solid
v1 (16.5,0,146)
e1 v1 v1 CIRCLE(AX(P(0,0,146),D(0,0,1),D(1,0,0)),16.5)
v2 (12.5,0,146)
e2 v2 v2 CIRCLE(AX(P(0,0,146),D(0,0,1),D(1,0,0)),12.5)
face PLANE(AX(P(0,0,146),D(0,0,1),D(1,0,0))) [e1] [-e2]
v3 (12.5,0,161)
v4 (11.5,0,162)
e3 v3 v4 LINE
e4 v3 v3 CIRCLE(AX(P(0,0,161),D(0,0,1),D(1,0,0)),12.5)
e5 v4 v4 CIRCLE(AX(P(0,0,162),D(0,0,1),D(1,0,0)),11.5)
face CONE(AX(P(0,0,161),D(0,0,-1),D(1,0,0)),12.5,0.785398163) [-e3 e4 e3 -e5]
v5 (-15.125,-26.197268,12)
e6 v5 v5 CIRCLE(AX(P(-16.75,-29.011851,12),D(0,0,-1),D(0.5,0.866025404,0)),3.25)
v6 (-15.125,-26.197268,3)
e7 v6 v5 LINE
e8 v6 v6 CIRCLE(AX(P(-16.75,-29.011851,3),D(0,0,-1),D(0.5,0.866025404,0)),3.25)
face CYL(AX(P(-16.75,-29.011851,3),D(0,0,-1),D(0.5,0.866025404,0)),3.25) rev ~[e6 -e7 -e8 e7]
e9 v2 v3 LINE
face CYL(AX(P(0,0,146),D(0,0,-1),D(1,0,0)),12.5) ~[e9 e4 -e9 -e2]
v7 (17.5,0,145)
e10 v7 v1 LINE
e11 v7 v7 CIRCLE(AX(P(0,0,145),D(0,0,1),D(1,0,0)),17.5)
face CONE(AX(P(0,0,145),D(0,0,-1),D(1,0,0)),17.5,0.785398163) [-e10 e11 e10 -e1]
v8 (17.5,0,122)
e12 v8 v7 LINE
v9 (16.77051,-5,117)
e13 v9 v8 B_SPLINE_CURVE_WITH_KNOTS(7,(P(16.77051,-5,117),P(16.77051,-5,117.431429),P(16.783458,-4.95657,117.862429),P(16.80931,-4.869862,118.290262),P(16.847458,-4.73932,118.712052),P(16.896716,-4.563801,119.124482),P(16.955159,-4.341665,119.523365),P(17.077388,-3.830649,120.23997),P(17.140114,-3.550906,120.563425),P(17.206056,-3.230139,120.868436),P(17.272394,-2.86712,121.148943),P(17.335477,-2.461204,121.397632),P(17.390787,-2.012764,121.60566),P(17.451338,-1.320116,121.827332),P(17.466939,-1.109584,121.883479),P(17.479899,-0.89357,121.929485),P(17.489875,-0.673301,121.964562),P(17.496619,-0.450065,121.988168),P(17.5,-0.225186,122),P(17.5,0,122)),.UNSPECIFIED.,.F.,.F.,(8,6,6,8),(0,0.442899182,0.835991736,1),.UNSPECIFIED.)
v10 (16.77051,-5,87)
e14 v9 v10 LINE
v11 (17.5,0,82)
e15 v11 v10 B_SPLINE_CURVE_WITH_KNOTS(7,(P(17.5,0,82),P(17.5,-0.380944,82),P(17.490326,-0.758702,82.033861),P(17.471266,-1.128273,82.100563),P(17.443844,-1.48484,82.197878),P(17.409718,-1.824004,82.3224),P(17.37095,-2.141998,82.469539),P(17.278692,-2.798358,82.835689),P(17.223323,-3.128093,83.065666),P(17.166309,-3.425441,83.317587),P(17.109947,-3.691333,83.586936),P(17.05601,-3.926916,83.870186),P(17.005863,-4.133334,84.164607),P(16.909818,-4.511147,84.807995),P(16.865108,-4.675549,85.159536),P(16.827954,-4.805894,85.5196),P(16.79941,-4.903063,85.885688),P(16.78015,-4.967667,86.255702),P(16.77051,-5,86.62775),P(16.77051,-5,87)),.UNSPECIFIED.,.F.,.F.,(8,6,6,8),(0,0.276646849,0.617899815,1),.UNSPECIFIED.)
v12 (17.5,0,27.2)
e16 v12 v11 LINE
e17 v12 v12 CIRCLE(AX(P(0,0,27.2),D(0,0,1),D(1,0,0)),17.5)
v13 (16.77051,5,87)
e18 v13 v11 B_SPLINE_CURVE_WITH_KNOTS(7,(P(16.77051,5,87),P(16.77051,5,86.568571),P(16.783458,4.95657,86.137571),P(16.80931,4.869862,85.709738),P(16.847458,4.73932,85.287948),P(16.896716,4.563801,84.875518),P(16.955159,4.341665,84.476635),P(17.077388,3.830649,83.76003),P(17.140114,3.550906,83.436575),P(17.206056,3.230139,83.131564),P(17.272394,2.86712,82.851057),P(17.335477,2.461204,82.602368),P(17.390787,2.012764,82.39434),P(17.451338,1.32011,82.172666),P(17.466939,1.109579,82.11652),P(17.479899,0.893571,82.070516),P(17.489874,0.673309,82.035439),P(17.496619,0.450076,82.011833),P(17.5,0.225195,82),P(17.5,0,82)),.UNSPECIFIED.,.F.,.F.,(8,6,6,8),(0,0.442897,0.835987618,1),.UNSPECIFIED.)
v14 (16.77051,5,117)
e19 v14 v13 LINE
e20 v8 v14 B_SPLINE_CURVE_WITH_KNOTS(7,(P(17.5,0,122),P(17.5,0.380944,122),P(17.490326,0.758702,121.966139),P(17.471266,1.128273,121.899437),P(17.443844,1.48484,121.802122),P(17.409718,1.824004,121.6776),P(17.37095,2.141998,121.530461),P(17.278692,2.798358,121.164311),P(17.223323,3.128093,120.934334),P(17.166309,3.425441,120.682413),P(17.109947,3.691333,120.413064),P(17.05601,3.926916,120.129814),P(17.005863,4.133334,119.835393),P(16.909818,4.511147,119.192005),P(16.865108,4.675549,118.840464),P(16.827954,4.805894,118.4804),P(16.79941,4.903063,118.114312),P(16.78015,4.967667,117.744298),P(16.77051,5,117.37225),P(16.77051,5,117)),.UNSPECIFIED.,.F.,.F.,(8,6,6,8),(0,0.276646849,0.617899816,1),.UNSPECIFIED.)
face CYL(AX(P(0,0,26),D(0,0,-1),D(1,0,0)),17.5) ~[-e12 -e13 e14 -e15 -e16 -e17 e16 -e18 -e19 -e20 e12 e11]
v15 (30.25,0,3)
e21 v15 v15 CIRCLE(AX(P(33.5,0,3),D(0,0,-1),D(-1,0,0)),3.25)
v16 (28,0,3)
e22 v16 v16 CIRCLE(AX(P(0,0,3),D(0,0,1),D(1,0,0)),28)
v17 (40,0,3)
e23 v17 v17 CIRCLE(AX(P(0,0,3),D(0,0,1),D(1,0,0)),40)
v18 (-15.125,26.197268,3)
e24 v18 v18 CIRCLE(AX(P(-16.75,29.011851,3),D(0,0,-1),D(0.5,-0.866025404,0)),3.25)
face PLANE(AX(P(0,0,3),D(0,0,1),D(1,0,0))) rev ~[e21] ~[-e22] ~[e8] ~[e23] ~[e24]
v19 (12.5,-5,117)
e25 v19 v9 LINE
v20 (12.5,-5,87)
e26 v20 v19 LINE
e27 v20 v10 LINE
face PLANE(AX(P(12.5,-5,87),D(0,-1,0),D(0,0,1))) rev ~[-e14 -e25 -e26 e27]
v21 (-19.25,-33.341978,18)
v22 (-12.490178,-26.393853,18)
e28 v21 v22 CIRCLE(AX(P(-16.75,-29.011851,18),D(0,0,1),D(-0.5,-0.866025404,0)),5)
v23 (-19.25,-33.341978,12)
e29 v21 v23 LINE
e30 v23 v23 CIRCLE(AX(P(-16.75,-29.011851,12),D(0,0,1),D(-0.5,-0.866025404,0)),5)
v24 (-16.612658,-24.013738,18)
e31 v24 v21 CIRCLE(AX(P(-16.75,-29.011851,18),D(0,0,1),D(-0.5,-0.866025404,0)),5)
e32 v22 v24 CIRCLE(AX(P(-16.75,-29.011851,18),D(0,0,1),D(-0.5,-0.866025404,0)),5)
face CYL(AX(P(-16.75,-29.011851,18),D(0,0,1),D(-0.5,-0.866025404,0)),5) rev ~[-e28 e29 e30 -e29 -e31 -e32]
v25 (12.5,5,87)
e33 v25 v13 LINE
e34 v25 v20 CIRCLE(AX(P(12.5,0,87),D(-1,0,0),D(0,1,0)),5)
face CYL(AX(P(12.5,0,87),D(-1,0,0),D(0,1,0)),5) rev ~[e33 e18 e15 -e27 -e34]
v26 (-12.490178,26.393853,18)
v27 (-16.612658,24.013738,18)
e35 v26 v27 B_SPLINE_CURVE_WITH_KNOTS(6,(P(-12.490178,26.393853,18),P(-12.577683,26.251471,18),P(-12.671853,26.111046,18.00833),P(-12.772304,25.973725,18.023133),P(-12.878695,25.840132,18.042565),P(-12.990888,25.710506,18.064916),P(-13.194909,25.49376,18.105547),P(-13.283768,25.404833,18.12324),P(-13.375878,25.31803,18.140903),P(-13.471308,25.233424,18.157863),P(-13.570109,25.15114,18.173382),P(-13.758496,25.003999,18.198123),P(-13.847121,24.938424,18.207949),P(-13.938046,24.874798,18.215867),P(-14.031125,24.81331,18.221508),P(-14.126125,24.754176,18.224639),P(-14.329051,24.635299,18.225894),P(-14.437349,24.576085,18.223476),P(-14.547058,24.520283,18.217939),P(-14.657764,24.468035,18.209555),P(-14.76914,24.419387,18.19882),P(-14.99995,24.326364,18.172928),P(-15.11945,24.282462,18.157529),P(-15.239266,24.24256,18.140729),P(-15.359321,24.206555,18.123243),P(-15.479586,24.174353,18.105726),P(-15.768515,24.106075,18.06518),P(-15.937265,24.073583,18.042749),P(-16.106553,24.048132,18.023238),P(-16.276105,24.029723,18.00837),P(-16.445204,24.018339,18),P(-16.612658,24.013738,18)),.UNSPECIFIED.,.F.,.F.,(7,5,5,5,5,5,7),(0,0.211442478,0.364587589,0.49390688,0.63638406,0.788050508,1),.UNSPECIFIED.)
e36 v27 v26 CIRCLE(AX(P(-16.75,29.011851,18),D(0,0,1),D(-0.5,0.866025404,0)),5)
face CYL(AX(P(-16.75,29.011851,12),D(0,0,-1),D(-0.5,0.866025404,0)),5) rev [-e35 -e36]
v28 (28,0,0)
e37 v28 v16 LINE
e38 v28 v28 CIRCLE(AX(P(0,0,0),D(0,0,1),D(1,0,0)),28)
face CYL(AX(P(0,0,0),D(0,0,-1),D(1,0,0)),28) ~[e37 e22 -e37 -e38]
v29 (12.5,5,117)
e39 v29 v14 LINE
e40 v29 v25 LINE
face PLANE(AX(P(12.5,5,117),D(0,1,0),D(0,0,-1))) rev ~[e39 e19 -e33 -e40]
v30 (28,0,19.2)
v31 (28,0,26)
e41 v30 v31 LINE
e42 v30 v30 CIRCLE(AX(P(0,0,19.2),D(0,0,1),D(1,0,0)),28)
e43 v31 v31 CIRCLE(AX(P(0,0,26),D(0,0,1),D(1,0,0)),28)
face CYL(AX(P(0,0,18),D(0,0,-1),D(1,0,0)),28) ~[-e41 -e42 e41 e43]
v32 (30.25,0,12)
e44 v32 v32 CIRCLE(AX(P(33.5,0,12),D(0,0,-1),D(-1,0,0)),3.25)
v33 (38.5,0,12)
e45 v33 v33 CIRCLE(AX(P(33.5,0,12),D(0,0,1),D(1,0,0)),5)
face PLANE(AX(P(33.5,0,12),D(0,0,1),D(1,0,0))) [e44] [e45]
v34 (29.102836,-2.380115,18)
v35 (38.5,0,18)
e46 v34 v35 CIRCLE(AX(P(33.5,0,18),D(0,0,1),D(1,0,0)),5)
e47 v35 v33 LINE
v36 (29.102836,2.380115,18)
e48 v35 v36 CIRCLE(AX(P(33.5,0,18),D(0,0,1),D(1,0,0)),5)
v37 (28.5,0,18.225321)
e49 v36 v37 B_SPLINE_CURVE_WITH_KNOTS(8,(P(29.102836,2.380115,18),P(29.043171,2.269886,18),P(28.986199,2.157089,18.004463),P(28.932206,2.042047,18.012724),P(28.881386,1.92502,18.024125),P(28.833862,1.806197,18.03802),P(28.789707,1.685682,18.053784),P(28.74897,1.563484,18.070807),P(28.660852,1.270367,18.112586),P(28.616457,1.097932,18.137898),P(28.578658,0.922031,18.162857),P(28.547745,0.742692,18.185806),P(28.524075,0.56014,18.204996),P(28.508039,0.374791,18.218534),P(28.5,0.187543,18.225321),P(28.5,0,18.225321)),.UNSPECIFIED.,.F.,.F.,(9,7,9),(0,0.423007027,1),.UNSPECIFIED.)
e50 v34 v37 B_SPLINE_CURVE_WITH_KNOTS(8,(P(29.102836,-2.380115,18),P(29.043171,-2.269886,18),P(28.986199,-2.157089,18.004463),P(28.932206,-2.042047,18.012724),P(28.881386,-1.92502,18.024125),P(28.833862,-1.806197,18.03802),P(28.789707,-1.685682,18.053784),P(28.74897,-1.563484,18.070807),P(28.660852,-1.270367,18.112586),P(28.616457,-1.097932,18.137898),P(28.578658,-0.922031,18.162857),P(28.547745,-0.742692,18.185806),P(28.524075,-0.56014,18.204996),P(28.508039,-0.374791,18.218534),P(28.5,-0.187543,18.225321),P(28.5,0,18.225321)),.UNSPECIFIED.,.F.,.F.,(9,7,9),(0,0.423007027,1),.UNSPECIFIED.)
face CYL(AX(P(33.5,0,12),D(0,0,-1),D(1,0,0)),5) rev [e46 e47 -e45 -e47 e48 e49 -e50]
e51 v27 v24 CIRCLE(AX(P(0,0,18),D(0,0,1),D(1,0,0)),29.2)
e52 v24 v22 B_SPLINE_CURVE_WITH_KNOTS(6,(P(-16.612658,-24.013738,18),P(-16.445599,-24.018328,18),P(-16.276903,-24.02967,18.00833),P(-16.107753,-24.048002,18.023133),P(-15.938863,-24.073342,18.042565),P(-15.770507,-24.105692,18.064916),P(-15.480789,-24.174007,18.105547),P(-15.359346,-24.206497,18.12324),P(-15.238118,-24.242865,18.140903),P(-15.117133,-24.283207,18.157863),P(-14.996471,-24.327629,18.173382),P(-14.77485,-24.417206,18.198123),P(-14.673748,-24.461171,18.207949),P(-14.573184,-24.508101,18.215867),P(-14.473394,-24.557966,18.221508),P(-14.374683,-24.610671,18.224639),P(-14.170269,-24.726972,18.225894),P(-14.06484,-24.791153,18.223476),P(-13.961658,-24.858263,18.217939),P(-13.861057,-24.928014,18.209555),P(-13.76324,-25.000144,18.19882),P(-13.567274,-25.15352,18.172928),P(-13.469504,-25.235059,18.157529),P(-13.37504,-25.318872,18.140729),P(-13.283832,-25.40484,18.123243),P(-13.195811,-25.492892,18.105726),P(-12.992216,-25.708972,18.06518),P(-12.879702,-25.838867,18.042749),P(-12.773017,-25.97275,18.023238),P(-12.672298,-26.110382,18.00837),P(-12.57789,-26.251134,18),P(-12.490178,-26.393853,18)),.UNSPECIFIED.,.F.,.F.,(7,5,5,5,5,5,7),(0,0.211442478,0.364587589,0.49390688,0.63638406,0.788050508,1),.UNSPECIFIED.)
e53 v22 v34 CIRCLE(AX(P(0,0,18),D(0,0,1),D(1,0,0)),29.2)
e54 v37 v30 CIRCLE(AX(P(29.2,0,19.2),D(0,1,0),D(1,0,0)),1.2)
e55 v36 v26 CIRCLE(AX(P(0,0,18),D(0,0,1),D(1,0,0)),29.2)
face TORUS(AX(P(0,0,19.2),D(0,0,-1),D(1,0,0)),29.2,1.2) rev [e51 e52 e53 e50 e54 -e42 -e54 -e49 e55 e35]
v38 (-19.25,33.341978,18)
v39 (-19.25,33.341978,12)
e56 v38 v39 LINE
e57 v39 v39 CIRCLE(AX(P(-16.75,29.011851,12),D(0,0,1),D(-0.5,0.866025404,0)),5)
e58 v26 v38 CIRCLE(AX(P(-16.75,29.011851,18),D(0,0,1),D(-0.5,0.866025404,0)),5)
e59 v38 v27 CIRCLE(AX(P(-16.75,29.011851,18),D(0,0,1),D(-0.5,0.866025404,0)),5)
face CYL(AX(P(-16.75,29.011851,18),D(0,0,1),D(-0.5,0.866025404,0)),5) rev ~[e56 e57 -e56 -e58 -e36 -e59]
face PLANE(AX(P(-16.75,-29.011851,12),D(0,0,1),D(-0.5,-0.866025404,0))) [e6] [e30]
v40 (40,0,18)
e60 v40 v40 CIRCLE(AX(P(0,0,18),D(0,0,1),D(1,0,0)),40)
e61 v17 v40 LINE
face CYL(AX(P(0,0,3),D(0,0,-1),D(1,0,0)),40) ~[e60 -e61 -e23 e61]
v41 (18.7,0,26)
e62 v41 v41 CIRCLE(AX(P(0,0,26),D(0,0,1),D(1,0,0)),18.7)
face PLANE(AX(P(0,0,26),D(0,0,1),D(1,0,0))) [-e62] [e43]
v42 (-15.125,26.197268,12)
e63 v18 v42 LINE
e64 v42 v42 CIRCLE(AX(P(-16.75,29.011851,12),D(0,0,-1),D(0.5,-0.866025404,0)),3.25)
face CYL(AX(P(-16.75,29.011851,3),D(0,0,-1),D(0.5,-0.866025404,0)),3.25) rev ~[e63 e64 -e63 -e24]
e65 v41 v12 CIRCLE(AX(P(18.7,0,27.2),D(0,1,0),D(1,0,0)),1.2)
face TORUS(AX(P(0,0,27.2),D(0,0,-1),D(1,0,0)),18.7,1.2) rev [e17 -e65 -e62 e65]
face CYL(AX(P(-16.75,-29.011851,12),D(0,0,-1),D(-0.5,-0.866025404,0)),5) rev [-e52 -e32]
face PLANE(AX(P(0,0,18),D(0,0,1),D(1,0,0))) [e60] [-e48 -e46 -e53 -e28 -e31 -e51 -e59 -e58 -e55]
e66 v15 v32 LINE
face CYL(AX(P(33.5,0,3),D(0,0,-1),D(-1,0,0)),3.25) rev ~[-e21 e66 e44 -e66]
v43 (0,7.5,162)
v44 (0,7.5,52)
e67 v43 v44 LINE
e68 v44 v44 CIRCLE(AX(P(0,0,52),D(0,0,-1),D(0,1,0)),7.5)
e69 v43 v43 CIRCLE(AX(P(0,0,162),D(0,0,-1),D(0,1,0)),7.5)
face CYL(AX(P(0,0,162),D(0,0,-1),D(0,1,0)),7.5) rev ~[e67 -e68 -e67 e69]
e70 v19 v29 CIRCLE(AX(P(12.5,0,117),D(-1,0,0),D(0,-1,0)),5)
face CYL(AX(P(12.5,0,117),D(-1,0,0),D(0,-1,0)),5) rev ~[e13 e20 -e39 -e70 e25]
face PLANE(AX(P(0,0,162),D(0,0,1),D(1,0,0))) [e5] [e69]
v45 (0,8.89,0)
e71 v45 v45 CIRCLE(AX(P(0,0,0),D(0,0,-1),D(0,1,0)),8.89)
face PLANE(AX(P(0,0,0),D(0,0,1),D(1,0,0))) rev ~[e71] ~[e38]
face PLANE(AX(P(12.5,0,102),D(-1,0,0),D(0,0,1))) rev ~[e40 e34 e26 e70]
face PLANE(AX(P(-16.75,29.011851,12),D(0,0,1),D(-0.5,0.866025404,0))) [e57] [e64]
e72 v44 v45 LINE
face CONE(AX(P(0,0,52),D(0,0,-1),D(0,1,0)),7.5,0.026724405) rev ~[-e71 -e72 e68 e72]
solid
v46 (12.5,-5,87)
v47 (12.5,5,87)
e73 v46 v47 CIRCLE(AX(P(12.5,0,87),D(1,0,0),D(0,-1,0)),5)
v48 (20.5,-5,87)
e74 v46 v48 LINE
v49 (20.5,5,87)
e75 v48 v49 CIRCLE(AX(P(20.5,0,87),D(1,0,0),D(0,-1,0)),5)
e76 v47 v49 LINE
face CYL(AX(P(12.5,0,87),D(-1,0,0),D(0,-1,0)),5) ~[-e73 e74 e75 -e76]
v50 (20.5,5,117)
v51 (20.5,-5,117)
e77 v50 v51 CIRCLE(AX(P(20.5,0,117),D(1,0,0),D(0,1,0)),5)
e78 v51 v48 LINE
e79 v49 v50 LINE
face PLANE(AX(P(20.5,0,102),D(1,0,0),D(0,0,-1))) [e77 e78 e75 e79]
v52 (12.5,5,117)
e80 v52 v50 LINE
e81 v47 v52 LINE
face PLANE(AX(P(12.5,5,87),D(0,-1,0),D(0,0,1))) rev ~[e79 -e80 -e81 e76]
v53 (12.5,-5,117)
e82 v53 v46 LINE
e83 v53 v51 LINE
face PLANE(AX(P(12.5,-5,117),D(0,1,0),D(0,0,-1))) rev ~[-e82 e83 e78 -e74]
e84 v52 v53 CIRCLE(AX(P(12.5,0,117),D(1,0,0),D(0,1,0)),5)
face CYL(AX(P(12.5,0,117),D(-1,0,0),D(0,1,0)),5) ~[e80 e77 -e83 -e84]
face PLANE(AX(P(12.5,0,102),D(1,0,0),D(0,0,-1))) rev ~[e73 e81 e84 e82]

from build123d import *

# Parameters (mm, degrees)
CROQUIS1_R              = 28
SALIENTE_EXTRUIR1_DEPTH = 3
CROQUIS2_R              = 40
SALIENTE_EXTRUIR2_DEPTH = 15
CROQUIS3_R              = 28
SALIENTE_EXTRUIR3_DEPTH = 8
CROQUIS4_R              = 17.5
SALIENTE_EXTRUIR4_DEPTH = 120
CROQUIS5_R              = 12.5
SALIENTE_EXTRUIR5_DEPTH = 16
REDONDEO1_R             = 1.2
CHAFL_N1_SIZE           = 1
CORTAR_EXTRUIR1_START   = 12.5
CORTAR_EXTRUIR1_DEPTH   = 33.2
CROQUIS8_R              = 3.25
CORTAR_EXTRUIR2_DEPTH   = 33.2
MATRIZC1_COUNT          = 3
CROQUIS9_R              = 5
CORTAR_EXTRUIR3_DEPTH   = 6
MATRIZC2_COUNT          = 3
CROQUIS10_R             = 5
CORTAR_EXTRUIR4_DEPTH   = 23.5
MATRIZC3_COUNT          = 3
SALIENTE_EXTRUIR6_DEPTH = 8


with BuildPart() as part:
    # Croquis1 → Saliente-Extruir1 (new body)
    with BuildSketch(Plane.XY):
        Circle(CROQUIS1_R)
    extrude(amount=SALIENTE_EXTRUIR1_DEPTH)

    # Croquis2 → Saliente-Extruir2 (add)
    with BuildSketch(Plane.XY.offset(3)):
        Circle(CROQUIS2_R)
    extrude(amount=SALIENTE_EXTRUIR2_DEPTH)

    # Croquis3 → Saliente-Extruir3 (add)
    with BuildSketch(Plane.XY.offset(18)):
        Circle(CROQUIS3_R)
    extrude(amount=SALIENTE_EXTRUIR3_DEPTH)

    # Croquis4 → Saliente-Extruir4 (add)
    with BuildSketch(Plane.XY.offset(26)):
        Circle(CROQUIS4_R)
    extrude(amount=SALIENTE_EXTRUIR4_DEPTH)

    # Croquis5 → Saliente-Extruir5 (add)
    with BuildSketch(Plane.XY.offset(146)):
        Circle(CROQUIS5_R)
    extrude(amount=SALIENTE_EXTRUIR5_DEPTH)

    # Redondeo1
    redondeo1_edges = [part.edges().sort_by_distance(p)[0] for p in [
        (-28, 0, 18),
        (-17.5, 0, 26),
    ]]
    fillet(redondeo1_edges, radius=REDONDEO1_R)

    # Chaflán1
    chafl_n1_edges = [part.edges().sort_by_distance(p)[0] for p in [
        (-17.5, 0, 146),
        (-12.5, 0, 162),
    ]]
    chamfer(chafl_n1_edges, length=CHAFL_N1_SIZE)

    # Croquis6 → Cortar-Extruir1 (cut)
    with BuildSketch(Plane(origin=(0, 0, 0), x_dir=(0, 0, -1), z_dir=(1, 0, 0)).offset(CORTAR_EXTRUIR1_START)):
        with BuildLine():
            Line((-117, 5), (-87, 5))
            ThreePointArc((-87, 5), (-82, 0), (-87, -5))
            Line((-87, -5), (-117, -5))
            ThreePointArc((-117, -5), (-122, 0), (-117, 5))
        make_face()
    extrude(amount=CORTAR_EXTRUIR1_DEPTH, mode=Mode.SUBTRACT)

    # Croquis7 → Cortar-Revolución1 (revolve, cut)
    with BuildSketch(Plane(origin=(0, 0, 0), x_dir=(0, 0, -1), z_dir=(1, 0, 0))):
        Polygon((-162, 0), (-162, 7.5), (-52, 7.5), (0, 8.89), (0, 0), align=None)
    revolve(axis=Axis((0, 0, 161), (0, 0, -1)), mode=Mode.SUBTRACT)

    # Croquis8 → Cortar-Extruir2 (cut)
    with BuildSketch(Plane(origin=(0, 0, 3), x_dir=(-1, 0, 0), z_dir=(0, 0, -1))):
        with Locations((-33.5, 0)):
            Circle(CROQUIS8_R)
    cortar_extruir2 = extrude(amount=-CORTAR_EXTRUIR2_DEPTH, mode=Mode.SUBTRACT)

    # MatrizC1: Cortar-Extruir2 ×3 about axis
    matrizc1_axis = Axis((0, 0, 0), (0, 0, 1))
    for i in range(1, MATRIZC1_COUNT):
        add(cortar_extruir2.rotate(matrizc1_axis, i * 360 / MATRIZC1_COUNT), mode=Mode.SUBTRACT)

    # Croquis9 → Cortar-Extruir3 (cut)
    with BuildSketch(Plane.XY.offset(18)):
        with Locations((33.5, 0)):
            Circle(CROQUIS9_R)
    cortar_extruir3 = extrude(amount=-CORTAR_EXTRUIR3_DEPTH, mode=Mode.SUBTRACT)

    # MatrizC2: Cortar-Extruir3 ×3 about axis
    matrizc2_axis = Axis((0, 0, 0), (0, 0, 1))
    for i in range(1, MATRIZC2_COUNT):
        add(cortar_extruir3.rotate(matrizc2_axis, i * 360 / MATRIZC2_COUNT), mode=Mode.SUBTRACT)

    # Croquis10 → Cortar-Extruir4 (cut)
    with BuildSketch(Plane.XY.offset(12)):
        with Locations((33.5, 0)):
            Circle(CROQUIS10_R)
    cortar_extruir4 = extrude(amount=CORTAR_EXTRUIR4_DEPTH, mode=Mode.SUBTRACT)

    # MatrizC3: Cortar-Extruir4 ×3 about axis
    matrizc3_axis = Axis((0, 0, 146), (0, 0, -1))
    for i in range(1, MATRIZC3_COUNT):
        add(cortar_extruir4.rotate(matrizc3_axis, i * 360 / MATRIZC3_COUNT), mode=Mode.SUBTRACT)


with BuildPart() as body_2:
    # Croquis11 → Saliente-Extruir6 (new body)
    with BuildSketch(Plane(origin=(12.5, 0, 0), x_dir=(0, 0, -1), z_dir=(1, 0, 0))):
        with BuildLine():
            Line((-117, -5), (-87, -5))
            ThreePointArc((-87, -5), (-82, 0), (-87, 5))
            Line((-87, 5), (-117, 5))
            ThreePointArc((-117, 5), (-122, 0), (-117, -5))
        make_face()
    extrude(amount=SALIENTE_EXTRUIR6_DEPTH)


solid = Compound([part.part, body_2.part])
